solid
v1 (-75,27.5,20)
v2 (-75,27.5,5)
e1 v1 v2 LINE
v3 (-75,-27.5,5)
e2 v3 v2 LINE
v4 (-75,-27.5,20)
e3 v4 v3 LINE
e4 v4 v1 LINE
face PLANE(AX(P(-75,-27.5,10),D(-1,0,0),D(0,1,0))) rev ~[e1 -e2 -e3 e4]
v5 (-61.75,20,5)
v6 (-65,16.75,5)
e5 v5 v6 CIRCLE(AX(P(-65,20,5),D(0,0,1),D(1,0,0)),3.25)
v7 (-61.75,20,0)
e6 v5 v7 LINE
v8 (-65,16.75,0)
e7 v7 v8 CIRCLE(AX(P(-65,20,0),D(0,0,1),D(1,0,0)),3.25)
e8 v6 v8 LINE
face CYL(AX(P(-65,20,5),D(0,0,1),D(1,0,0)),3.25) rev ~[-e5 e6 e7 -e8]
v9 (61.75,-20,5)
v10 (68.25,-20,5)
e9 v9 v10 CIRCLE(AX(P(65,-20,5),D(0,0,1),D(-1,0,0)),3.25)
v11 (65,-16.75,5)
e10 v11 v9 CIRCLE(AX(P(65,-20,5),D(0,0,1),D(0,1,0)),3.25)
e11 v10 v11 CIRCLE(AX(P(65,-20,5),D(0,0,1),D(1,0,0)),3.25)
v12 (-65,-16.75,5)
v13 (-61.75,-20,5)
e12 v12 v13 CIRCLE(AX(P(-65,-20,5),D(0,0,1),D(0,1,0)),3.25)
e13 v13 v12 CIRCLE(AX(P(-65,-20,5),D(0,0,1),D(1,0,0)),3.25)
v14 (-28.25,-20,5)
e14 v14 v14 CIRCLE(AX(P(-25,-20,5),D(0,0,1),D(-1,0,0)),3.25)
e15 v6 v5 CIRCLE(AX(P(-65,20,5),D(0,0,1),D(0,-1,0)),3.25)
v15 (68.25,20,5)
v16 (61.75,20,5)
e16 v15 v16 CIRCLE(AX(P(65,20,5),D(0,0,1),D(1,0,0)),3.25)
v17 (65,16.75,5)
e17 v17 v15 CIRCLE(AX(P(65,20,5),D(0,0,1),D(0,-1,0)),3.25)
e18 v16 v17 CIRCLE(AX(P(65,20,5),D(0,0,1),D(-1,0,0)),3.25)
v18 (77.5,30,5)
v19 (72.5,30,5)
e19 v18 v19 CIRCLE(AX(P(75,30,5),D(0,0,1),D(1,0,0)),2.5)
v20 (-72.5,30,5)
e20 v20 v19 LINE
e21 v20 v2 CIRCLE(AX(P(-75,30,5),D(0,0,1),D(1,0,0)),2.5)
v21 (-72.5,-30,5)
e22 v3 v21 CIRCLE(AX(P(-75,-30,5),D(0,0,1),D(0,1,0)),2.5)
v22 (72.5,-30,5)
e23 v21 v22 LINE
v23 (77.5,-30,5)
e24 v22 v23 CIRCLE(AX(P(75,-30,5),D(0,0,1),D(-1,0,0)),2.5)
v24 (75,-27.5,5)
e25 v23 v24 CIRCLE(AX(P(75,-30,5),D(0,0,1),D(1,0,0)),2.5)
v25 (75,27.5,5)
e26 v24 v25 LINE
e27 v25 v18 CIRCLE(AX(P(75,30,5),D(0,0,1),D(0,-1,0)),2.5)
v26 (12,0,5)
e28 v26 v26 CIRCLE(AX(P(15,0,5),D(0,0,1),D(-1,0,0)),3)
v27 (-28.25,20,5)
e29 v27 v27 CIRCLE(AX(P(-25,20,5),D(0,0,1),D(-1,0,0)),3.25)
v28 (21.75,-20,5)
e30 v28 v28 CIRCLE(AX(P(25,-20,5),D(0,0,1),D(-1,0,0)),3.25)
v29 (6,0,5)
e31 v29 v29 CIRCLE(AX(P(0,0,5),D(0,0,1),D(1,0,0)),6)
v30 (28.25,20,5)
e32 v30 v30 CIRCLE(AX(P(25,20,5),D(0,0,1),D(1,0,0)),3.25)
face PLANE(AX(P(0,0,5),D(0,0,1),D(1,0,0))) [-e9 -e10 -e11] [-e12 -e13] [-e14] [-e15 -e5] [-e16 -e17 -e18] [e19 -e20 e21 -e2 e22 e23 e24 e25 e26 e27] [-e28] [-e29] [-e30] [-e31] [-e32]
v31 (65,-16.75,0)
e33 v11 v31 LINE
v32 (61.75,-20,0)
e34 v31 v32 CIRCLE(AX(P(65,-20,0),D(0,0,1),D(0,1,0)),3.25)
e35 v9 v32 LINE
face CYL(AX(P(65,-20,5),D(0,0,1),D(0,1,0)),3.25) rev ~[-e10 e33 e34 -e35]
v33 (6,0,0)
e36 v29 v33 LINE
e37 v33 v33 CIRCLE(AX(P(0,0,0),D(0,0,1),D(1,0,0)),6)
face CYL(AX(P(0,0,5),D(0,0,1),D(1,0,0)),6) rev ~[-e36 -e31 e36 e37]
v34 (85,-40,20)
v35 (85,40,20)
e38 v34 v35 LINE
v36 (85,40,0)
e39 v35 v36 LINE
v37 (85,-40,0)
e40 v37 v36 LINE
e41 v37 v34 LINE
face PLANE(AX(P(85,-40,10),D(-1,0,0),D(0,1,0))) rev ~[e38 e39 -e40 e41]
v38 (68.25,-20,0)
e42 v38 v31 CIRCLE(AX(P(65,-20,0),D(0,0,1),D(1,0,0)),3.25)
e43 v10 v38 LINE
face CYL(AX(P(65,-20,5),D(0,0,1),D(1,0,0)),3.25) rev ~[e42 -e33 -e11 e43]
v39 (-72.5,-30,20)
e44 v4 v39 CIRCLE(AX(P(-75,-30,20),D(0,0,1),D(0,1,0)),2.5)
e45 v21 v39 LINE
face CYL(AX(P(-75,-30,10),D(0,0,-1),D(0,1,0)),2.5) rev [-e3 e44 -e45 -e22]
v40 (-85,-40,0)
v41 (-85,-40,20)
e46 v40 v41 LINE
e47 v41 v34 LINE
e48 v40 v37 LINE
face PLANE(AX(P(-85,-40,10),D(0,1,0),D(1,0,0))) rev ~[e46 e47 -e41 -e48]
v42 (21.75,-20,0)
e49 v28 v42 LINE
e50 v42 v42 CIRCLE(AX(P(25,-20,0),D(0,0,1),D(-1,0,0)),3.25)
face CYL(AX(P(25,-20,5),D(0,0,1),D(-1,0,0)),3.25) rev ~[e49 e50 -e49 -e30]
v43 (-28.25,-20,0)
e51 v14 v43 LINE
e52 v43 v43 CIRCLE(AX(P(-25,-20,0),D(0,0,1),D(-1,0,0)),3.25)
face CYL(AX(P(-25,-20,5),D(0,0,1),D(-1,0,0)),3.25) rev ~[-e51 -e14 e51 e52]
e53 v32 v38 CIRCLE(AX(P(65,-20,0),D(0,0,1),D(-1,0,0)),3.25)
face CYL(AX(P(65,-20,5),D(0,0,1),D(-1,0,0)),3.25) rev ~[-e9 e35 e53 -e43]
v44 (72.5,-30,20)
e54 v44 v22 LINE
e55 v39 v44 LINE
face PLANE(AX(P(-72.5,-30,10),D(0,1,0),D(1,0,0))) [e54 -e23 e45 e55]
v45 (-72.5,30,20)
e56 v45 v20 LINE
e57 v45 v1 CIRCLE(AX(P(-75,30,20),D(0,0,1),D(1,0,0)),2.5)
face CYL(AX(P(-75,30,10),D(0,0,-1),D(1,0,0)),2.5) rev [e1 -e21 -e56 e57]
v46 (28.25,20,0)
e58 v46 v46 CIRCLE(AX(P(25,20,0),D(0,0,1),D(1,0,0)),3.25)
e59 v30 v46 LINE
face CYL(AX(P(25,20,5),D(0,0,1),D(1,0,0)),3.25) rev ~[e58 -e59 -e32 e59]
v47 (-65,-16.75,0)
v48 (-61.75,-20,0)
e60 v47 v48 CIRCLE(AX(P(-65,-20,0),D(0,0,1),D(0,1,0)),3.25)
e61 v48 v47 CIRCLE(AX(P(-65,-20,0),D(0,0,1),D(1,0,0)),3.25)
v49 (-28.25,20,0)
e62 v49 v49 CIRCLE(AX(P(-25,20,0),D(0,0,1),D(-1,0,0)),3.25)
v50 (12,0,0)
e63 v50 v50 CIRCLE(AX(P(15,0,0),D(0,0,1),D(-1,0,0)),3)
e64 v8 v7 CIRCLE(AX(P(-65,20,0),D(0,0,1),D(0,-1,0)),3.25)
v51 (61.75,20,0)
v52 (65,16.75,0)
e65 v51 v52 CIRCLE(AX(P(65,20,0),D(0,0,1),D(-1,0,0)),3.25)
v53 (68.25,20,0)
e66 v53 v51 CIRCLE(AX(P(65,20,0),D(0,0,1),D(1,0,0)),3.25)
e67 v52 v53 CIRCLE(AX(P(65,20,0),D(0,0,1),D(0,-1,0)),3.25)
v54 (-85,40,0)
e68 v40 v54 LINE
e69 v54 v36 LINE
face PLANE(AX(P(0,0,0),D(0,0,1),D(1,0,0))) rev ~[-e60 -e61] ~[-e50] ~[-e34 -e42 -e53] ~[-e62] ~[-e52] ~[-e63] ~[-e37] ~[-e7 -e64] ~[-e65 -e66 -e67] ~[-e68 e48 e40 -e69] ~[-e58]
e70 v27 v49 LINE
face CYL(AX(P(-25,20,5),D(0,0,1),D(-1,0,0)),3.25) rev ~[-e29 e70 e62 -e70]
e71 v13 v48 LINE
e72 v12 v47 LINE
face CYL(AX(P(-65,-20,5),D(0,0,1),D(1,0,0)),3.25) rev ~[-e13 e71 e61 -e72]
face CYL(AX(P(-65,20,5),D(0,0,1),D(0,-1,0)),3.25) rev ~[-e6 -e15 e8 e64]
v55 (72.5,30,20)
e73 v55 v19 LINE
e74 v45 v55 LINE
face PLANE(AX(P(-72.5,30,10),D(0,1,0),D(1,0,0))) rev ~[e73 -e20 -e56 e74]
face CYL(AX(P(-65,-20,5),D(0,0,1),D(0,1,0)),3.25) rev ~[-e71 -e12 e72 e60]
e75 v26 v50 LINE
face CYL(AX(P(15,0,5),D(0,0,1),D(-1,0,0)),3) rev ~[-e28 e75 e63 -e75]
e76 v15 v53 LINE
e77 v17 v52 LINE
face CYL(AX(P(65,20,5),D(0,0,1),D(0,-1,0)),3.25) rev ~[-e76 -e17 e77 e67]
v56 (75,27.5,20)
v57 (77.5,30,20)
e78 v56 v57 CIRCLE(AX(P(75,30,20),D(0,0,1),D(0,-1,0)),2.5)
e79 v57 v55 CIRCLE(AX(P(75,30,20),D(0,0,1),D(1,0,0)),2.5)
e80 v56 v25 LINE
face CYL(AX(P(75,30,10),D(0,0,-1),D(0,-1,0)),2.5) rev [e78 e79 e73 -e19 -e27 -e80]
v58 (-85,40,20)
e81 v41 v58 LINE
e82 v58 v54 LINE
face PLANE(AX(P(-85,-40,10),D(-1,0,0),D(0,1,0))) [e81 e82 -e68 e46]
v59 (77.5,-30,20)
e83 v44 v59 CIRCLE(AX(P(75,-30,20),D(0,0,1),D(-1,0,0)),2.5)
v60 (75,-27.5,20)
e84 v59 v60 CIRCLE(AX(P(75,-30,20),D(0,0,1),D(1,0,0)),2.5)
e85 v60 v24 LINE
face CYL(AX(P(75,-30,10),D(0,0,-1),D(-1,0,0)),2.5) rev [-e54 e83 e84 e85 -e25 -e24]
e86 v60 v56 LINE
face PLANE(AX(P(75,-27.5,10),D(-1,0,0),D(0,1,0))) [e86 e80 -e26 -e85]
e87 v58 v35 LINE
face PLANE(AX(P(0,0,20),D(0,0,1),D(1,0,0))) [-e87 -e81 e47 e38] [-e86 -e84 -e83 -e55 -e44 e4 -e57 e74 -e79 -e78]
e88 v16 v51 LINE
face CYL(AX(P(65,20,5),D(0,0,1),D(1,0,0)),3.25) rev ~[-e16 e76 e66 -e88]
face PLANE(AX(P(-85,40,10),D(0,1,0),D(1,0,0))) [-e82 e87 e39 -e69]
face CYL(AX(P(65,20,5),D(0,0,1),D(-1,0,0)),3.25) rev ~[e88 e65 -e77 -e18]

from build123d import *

# Parameters (mm, degrees)
F0_W     = 170
F0_H     = 80
F1_DEPTH = 10
F2_W     = 150
F2_H     = 60
F3_DEPTH = 5
F5_DEPTH = 5
F6_R     = 6
F7_DEPTH = 5
F8_DEPTH = 10


with BuildPart() as f1:
    # F0 (on Top) → F1 (new body)
    with BuildSketch(Plane.XY):
        Rectangle(F0_W, F0_H)
    extrude(amount=F1_DEPTH)

    # F2 (on face) → F3 (cut)
    with BuildSketch(Plane.XY.offset(10)):
        Rectangle(F2_W, F2_H)
    extrude(amount=-F3_DEPTH, mode=Mode.SUBTRACT)

    # F4 (on face) → F5 (cut)
    with BuildSketch(Plane.XY.offset(10)):
        with BuildLine():
            ThreePointArc((75, 27.5), (76.767766953, 28.232233047), (77.5, 30))
            ThreePointArc((77.5, 30), (75, 32.5), (72.5, 30))
            Line((72.5, 30), (75, 30))
            Line((75, 30), (75, 27.5))
        make_face()
        with BuildLine():
            Line((75, 30), (72.5, 30))
            ThreePointArc((72.5, 30), (73.232233047, 28.232233047), (75, 27.5))
            Line((75, 27.5), (75, 30))
        make_face()
        with BuildLine():
            ThreePointArc((72.5, -30), (75, -32.5), (77.5, -30))
            ThreePointArc((77.5, -30), (76.767766953, -28.232233047), (75, -27.5))
            Line((75, -27.5), (75, -30))
            Line((75, -30), (72.5, -30))
        make_face()
        with BuildLine():
            Line((75, -30), (75, -27.5))
            ThreePointArc((75, -27.5), (73.232233047, -28.232233047), (72.5, -30))
            Line((72.5, -30), (75, -30))
        make_face()
        with BuildLine():
            Line((-75, 30), (-72.5, 30))
            ThreePointArc((-72.5, 30), (-76.767766953, 31.767766953), (-75, 27.5))
            Line((-75, 27.5), (-75, 30))
        make_face()
        with BuildLine():
            ThreePointArc((-75, 27.5), (-73.232233047, 28.232233047), (-72.5, 30))
            Line((-72.5, 30), (-75, 30))
            Line((-75, 30), (-75, 27.5))
        make_face()
        with BuildLine():
            Line((-75, -30), (-72.5, -30))
            ThreePointArc((-72.5, -30), (-73.232233047, -28.232233047), (-75, -27.5))
            Line((-75, -27.5), (-75, -30))
        make_face()
        with BuildLine():
            ThreePointArc((-75, -27.5), (-76.767766953, -31.767766953), (-72.5, -30))
            Line((-72.5, -30), (-75, -30))
            Line((-75, -30), (-75, -27.5))
        make_face()
    extrude(amount=-F5_DEPTH, mode=Mode.SUBTRACT)

    # F6 (on face) → F7 (cut)
    with BuildSketch(Plane.XY.offset(5)):
        with BuildLine():
            Line((-65, -20), (-61.75, -20))
            ThreePointArc((-61.75, -20), (-62.7019029611, -17.7019029611), (-65, -16.75))
            Line((-65, -16.75), (-65, -20))
        make_face()
        with BuildLine():
            Line((65, 20), (65, 16.75))
            ThreePointArc((65, 16.75), (67.2980970389, 17.7019029611), (68.25, 20))
            ThreePointArc((68.25, 20), (65, 23.25), (61.75, 20))
            Line((61.75, 20), (65, 20))
        make_face()
        with BuildLine():
            Line((28.25, 20), (21.75, 20))
            ThreePointArc((21.75, 20), (25, 16.75), (28.25, 20))
        make_face()
        with BuildLine():
            ThreePointArc((-21.75, -20), (-25, -16.75), (-28.25, -20))
            Line((-28.25, -20), (-21.75, -20))
        make_face()
        with BuildLine():
            ThreePointArc((-21.75, 20), (-25, 23.25), (-28.25, 20))
            Line((-28.25, 20), (-21.75, 20))
        make_face()
        with BuildLine():
            ThreePointArc((-61.75, 20), (-67.2980970389, 22.2980970389), (-65, 16.75))
            Line((-65, 16.75), (-65, 20))
            Line((-65, 20), (-61.75, 20))
        make_face()
        with BuildLine():
            ThreePointArc((-65, -16.75), (-67.2980970389, -22.2980970389), (-61.75, -20))
            Line((-61.75, -20), (-65, -20))
            Line((-65, -20), (-65, -16.75))
        make_face()
        with BuildLine():
            ThreePointArc((28.25, -20), (25, -16.75), (21.75, -20))
            Line((21.75, -20), (28.25, -20))
        make_face()
        with BuildLine():
            Line((-65, 20), (-65, 16.75))
            ThreePointArc((-65, 16.75), (-62.7019029611, 17.7019029611), (-61.75, 20))
            Line((-61.75, 20), (-65, 20))
        make_face()
        with BuildLine():
            Line((-21.75, -20), (-28.25, -20))
            ThreePointArc((-28.25, -20), (-25, -23.25), (-21.75, -20))
        make_face()
        with BuildLine():
            Line((-21.75, 20), (-28.25, 20))
            ThreePointArc((-28.25, 20), (-25, 16.75), (-21.75, 20))
        make_face()
        with BuildLine():
            Line((65, -20), (61.75, -20))
            ThreePointArc((61.75, -20), (65, -23.25), (68.25, -20))
            ThreePointArc((68.25, -20), (67.2980970389, -17.7019029611), (65, -16.75))
            Line((65, -16.75), (65, -20))
        make_face()
        with BuildLine():
            ThreePointArc((65, -16.75), (62.7019029611, -17.7019029611), (61.75, -20))
            Line((61.75, -20), (65, -20))
            Line((65, -20), (65, -16.75))
        make_face()
        with BuildLine():
            ThreePointArc((61.75, 20), (62.7019029611, 17.7019029611), (65, 16.75))
            Line((65, 16.75), (65, 20))
            Line((65, 20), (61.75, 20))
        make_face()
        with BuildLine():
            Line((28.25, -20), (21.75, -20))
            ThreePointArc((21.75, -20), (25, -23.25), (28.25, -20))
        make_face()
        with BuildLine():
            ThreePointArc((28.25, 20), (25, 23.25), (21.75, 20))
            Line((21.75, 20), (28.25, 20))
        make_face()
        Circle(F6_R)
        with BuildLine():
            ThreePointArc((18, 0), (15, 3), (12, 0))
            ThreePointArc((12, 0), (15, -3), (18, 0))
        make_face()
    extrude(amount=-F7_DEPTH, mode=Mode.SUBTRACT)

    # F8 (add): a face of the model
    f8_faces = [f1.faces().sort_by_distance(p)[0] for p in [
        (0, -38.1211705772, 10),
    ]]
    extrude(f8_faces, amount=F8_DEPTH)


solid = f1.part
